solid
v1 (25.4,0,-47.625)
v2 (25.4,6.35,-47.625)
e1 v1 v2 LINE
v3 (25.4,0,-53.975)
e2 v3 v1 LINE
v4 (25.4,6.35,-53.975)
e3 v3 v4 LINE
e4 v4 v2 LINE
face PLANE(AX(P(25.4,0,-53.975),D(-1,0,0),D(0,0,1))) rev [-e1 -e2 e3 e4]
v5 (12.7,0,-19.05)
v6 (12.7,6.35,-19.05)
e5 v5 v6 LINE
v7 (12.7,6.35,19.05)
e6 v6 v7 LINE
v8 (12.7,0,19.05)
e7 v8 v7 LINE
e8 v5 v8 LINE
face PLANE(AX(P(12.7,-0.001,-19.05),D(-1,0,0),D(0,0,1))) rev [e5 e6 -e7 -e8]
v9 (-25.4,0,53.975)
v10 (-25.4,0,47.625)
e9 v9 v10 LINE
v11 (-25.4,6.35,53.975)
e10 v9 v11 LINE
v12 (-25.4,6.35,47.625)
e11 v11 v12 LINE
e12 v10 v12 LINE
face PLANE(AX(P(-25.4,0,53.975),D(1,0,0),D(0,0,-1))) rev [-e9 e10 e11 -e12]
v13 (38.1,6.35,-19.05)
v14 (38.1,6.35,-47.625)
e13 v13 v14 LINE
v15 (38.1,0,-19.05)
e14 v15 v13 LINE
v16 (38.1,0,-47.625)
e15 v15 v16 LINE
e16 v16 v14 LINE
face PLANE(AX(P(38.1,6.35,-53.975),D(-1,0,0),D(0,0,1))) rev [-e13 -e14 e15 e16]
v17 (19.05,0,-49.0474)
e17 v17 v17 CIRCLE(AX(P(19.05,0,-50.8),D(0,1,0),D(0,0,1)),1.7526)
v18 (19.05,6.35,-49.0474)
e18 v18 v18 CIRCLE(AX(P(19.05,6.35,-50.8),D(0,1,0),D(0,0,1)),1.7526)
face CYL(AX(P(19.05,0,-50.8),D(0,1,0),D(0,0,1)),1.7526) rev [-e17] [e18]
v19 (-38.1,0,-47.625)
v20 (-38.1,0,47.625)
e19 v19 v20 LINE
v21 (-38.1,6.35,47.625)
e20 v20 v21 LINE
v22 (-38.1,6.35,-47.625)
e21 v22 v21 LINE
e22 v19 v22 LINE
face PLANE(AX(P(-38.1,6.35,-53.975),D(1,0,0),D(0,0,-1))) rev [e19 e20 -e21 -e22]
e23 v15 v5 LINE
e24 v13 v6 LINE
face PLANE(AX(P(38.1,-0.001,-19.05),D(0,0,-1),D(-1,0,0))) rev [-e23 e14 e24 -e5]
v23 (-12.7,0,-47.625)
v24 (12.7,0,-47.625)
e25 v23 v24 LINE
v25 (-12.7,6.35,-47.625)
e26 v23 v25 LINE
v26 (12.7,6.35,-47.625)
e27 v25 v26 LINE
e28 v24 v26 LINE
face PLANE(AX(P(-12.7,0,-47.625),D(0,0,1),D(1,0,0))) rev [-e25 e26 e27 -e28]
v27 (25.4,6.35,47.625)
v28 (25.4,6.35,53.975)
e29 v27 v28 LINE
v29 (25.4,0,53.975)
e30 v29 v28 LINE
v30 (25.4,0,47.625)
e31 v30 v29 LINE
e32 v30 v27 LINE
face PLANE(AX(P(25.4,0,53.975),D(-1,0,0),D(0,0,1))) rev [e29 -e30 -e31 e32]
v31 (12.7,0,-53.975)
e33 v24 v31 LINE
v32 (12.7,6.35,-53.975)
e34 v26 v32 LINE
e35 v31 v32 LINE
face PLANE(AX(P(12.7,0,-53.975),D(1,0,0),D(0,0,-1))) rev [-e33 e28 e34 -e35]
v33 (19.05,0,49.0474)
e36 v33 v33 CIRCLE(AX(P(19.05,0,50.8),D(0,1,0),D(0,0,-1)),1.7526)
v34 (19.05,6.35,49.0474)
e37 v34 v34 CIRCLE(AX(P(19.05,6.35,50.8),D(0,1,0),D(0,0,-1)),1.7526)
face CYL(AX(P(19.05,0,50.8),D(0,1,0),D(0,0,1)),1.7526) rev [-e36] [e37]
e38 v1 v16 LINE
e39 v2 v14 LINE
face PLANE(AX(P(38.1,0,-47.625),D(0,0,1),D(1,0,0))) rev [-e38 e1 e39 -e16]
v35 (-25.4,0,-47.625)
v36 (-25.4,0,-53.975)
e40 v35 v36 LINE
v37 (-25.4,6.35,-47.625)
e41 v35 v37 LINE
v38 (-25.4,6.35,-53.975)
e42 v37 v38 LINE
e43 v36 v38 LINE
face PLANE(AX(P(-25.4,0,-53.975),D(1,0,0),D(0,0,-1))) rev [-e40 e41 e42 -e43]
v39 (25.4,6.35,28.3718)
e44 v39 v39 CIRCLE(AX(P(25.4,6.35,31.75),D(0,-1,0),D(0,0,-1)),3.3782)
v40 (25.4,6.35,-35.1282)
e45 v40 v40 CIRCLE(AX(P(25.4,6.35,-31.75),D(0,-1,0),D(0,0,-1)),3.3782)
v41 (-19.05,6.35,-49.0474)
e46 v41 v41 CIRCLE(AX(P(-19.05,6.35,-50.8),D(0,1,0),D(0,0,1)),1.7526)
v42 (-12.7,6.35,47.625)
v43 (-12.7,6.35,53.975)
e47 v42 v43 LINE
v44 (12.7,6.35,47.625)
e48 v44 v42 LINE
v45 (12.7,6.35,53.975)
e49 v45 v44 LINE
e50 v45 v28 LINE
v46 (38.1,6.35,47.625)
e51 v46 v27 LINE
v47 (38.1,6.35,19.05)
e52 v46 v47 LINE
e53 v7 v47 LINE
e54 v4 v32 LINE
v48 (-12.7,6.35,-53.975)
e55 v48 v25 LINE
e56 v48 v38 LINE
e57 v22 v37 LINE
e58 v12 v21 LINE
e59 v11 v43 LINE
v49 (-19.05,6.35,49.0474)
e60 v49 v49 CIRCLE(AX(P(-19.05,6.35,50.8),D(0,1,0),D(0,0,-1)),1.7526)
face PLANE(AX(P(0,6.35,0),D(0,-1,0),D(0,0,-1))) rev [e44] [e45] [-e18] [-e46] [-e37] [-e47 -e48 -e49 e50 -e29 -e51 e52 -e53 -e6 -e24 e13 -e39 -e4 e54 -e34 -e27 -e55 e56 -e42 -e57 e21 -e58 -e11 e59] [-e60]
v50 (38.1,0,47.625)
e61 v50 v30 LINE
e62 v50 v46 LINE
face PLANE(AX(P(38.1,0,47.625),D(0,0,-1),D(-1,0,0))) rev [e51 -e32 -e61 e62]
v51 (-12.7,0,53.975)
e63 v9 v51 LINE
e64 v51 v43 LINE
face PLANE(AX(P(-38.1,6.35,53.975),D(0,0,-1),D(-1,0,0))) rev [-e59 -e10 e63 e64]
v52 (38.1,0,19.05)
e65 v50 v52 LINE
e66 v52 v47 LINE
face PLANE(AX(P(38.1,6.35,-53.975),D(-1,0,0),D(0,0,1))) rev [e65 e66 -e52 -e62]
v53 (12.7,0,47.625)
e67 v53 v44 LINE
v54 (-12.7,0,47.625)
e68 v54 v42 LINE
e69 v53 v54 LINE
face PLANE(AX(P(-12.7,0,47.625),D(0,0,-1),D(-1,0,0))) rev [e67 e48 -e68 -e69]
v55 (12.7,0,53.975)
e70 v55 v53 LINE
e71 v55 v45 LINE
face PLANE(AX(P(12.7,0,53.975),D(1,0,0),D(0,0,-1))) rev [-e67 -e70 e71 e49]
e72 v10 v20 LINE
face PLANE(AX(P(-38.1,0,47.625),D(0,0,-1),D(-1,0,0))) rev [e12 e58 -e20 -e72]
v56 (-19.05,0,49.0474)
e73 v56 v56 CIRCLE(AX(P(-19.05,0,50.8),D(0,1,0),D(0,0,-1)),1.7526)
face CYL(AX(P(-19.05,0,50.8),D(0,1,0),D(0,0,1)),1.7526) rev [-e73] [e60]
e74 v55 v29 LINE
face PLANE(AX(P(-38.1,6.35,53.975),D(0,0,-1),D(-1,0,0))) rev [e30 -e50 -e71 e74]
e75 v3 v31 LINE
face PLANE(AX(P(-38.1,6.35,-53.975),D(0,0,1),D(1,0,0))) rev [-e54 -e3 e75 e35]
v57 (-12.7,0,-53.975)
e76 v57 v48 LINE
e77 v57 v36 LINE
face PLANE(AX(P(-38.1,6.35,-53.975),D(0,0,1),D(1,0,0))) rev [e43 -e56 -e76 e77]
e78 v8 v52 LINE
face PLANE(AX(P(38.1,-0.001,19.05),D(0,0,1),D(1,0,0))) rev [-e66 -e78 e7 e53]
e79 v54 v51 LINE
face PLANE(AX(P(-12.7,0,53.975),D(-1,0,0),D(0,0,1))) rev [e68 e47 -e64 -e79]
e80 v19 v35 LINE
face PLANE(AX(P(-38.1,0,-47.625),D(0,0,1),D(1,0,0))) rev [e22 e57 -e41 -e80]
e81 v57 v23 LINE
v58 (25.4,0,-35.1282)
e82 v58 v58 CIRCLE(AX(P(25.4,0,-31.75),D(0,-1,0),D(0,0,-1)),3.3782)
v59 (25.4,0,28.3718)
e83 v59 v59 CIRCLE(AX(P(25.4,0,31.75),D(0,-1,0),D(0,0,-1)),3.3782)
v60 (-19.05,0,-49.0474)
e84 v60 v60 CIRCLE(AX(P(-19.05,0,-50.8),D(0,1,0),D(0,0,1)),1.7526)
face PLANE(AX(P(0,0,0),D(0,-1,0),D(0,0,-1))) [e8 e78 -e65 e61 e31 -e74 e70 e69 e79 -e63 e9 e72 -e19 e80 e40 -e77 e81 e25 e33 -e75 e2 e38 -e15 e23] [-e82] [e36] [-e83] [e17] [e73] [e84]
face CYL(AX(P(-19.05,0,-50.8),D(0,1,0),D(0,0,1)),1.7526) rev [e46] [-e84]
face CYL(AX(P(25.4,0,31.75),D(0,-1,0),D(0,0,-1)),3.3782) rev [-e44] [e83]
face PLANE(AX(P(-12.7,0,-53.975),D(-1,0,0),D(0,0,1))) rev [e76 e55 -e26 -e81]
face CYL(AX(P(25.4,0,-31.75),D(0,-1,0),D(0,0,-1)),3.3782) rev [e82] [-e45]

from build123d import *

# Parameters (mm, degrees)
SKETCH1_W                 = 76.2
SKETCH1_H                 = 107.95
BOSS_EXTRUDE1_DEPTH       = 6.35
SKETCH2_R                 = 1.7526
SKETCH2_W                 = 12.7
SKETCH2_H                 = 6.35
SKETCH2_W_2               = 25.4
CUT_EXTRUDE1_DEPTH        = 6.35
CUT_EXTRUDE2_REACH        = 68.372
SKETCH3_W                 = 25.4
SKETCH3_H                 = 38.1
F_6_CLEARANCE_HOLE1_D     = 3.5052
F_6_CLEARANCE_HOLE1_DEPTH = 6.35
F_6_CLEARANCE_HOLE1_TIP   = 1.053068321
F_1_4_CLEARANCE_HOLE1_D   = 6.7564


with BuildPart() as part:
    # Sketch1 → Boss-Extrude1 (new body)
    with BuildSketch(Plane(origin=(0, 0, 0), x_dir=(1, 0, 0), z_dir=(0, 1, 0))):
        Rectangle(SKETCH1_W, SKETCH1_H)
    extrude(amount=BOSS_EXTRUDE1_DEPTH)

    # Sketch2 → Cut-Extrude1 (cut)
    with BuildSketch(Plane(origin=(0, 6.35, 0), x_dir=(1, 0, 0), z_dir=(0, 1, 0))):
        with Locations(Location((-19.05, 50.8, 0), (0, 0, 270))):
            Circle(SKETCH2_R)
        with Locations(Location((19.05, 50.8, 0), (0, 0, 270))):
            Circle(SKETCH2_R)
        with Locations(Location((19.05, -50.8, 0), (0, 0, 90))):
            Circle(SKETCH2_R)
        with Locations(Location((-19.05, -50.8, 0), (0, 0, 90))):
            Circle(SKETCH2_R)
        with Locations((-31.75, 50.8)):
            Rectangle(SKETCH2_W, SKETCH2_H)
        with Locations((0, 50.8)):
            Rectangle(SKETCH2_W_2, SKETCH2_H)
        with Locations((31.75, 50.8)):
            Rectangle(SKETCH2_W, SKETCH2_H)
        with Locations((31.75, -50.8)):
            Rectangle(SKETCH2_W, SKETCH2_H)
        with Locations((0, -50.8)):
            Rectangle(SKETCH2_W_2, SKETCH2_H)
        with Locations((-31.75, -50.8)):
            Rectangle(SKETCH2_W, SKETCH2_H)
    extrude(amount=-CUT_EXTRUDE1_DEPTH, mode=Mode.SUBTRACT)

    # Sketch3 → Cut-Extrude2 (cut, up to next)
    with BuildSketch(Plane(origin=(0, 6.35, 0), x_dir=(1, 0, 0), z_dir=(0, 1, 0)), mode=Mode.PRIVATE) as cut_extrude2_sk1:
        with Locations((25.4, 0)):
            Rectangle(SKETCH3_W, SKETCH3_H)
    cut_extrude2_tool1 = extrude(cut_extrude2_sk1.sketch, amount=-CUT_EXTRUDE2_REACH, mode=Mode.PRIVATE) & part.part
    add(cut_extrude2_tool1.solids().sort_by_distance((25.4, 6.35, 0))[0], mode=Mode.SUBTRACT)

    # #6 Clearance Hole1
    with Locations(Plane(origin=(0, 6.35, 0), x_dir=(1, 0, 0), z_dir=(0, 1, 0))):
        with Locations((-19.05, 50.8), (19.05, 50.8), (-19.05, -50.8), (19.05, -50.8)):
            Hole(F_6_CLEARANCE_HOLE1_D / 2, depth=F_6_CLEARANCE_HOLE1_DEPTH)
            with Locations((0, 0, -(F_6_CLEARANCE_HOLE1_DEPTH + F_6_CLEARANCE_HOLE1_TIP / 2))):  # 118° drill point
                Cone(0, F_6_CLEARANCE_HOLE1_D / 2, F_6_CLEARANCE_HOLE1_TIP, mode=Mode.SUBTRACT)

    # 1/4 Clearance Hole1 (through all)
    with Locations(Plane(origin=(0, 0, 0), x_dir=(-1, 0, 0), z_dir=(0, -1, 0))):
        with Locations((-25.4, 31.75), (-25.4, -31.75)):
            Hole(F_1_4_CLEARANCE_HOLE1_D / 2)


solid = part.part
